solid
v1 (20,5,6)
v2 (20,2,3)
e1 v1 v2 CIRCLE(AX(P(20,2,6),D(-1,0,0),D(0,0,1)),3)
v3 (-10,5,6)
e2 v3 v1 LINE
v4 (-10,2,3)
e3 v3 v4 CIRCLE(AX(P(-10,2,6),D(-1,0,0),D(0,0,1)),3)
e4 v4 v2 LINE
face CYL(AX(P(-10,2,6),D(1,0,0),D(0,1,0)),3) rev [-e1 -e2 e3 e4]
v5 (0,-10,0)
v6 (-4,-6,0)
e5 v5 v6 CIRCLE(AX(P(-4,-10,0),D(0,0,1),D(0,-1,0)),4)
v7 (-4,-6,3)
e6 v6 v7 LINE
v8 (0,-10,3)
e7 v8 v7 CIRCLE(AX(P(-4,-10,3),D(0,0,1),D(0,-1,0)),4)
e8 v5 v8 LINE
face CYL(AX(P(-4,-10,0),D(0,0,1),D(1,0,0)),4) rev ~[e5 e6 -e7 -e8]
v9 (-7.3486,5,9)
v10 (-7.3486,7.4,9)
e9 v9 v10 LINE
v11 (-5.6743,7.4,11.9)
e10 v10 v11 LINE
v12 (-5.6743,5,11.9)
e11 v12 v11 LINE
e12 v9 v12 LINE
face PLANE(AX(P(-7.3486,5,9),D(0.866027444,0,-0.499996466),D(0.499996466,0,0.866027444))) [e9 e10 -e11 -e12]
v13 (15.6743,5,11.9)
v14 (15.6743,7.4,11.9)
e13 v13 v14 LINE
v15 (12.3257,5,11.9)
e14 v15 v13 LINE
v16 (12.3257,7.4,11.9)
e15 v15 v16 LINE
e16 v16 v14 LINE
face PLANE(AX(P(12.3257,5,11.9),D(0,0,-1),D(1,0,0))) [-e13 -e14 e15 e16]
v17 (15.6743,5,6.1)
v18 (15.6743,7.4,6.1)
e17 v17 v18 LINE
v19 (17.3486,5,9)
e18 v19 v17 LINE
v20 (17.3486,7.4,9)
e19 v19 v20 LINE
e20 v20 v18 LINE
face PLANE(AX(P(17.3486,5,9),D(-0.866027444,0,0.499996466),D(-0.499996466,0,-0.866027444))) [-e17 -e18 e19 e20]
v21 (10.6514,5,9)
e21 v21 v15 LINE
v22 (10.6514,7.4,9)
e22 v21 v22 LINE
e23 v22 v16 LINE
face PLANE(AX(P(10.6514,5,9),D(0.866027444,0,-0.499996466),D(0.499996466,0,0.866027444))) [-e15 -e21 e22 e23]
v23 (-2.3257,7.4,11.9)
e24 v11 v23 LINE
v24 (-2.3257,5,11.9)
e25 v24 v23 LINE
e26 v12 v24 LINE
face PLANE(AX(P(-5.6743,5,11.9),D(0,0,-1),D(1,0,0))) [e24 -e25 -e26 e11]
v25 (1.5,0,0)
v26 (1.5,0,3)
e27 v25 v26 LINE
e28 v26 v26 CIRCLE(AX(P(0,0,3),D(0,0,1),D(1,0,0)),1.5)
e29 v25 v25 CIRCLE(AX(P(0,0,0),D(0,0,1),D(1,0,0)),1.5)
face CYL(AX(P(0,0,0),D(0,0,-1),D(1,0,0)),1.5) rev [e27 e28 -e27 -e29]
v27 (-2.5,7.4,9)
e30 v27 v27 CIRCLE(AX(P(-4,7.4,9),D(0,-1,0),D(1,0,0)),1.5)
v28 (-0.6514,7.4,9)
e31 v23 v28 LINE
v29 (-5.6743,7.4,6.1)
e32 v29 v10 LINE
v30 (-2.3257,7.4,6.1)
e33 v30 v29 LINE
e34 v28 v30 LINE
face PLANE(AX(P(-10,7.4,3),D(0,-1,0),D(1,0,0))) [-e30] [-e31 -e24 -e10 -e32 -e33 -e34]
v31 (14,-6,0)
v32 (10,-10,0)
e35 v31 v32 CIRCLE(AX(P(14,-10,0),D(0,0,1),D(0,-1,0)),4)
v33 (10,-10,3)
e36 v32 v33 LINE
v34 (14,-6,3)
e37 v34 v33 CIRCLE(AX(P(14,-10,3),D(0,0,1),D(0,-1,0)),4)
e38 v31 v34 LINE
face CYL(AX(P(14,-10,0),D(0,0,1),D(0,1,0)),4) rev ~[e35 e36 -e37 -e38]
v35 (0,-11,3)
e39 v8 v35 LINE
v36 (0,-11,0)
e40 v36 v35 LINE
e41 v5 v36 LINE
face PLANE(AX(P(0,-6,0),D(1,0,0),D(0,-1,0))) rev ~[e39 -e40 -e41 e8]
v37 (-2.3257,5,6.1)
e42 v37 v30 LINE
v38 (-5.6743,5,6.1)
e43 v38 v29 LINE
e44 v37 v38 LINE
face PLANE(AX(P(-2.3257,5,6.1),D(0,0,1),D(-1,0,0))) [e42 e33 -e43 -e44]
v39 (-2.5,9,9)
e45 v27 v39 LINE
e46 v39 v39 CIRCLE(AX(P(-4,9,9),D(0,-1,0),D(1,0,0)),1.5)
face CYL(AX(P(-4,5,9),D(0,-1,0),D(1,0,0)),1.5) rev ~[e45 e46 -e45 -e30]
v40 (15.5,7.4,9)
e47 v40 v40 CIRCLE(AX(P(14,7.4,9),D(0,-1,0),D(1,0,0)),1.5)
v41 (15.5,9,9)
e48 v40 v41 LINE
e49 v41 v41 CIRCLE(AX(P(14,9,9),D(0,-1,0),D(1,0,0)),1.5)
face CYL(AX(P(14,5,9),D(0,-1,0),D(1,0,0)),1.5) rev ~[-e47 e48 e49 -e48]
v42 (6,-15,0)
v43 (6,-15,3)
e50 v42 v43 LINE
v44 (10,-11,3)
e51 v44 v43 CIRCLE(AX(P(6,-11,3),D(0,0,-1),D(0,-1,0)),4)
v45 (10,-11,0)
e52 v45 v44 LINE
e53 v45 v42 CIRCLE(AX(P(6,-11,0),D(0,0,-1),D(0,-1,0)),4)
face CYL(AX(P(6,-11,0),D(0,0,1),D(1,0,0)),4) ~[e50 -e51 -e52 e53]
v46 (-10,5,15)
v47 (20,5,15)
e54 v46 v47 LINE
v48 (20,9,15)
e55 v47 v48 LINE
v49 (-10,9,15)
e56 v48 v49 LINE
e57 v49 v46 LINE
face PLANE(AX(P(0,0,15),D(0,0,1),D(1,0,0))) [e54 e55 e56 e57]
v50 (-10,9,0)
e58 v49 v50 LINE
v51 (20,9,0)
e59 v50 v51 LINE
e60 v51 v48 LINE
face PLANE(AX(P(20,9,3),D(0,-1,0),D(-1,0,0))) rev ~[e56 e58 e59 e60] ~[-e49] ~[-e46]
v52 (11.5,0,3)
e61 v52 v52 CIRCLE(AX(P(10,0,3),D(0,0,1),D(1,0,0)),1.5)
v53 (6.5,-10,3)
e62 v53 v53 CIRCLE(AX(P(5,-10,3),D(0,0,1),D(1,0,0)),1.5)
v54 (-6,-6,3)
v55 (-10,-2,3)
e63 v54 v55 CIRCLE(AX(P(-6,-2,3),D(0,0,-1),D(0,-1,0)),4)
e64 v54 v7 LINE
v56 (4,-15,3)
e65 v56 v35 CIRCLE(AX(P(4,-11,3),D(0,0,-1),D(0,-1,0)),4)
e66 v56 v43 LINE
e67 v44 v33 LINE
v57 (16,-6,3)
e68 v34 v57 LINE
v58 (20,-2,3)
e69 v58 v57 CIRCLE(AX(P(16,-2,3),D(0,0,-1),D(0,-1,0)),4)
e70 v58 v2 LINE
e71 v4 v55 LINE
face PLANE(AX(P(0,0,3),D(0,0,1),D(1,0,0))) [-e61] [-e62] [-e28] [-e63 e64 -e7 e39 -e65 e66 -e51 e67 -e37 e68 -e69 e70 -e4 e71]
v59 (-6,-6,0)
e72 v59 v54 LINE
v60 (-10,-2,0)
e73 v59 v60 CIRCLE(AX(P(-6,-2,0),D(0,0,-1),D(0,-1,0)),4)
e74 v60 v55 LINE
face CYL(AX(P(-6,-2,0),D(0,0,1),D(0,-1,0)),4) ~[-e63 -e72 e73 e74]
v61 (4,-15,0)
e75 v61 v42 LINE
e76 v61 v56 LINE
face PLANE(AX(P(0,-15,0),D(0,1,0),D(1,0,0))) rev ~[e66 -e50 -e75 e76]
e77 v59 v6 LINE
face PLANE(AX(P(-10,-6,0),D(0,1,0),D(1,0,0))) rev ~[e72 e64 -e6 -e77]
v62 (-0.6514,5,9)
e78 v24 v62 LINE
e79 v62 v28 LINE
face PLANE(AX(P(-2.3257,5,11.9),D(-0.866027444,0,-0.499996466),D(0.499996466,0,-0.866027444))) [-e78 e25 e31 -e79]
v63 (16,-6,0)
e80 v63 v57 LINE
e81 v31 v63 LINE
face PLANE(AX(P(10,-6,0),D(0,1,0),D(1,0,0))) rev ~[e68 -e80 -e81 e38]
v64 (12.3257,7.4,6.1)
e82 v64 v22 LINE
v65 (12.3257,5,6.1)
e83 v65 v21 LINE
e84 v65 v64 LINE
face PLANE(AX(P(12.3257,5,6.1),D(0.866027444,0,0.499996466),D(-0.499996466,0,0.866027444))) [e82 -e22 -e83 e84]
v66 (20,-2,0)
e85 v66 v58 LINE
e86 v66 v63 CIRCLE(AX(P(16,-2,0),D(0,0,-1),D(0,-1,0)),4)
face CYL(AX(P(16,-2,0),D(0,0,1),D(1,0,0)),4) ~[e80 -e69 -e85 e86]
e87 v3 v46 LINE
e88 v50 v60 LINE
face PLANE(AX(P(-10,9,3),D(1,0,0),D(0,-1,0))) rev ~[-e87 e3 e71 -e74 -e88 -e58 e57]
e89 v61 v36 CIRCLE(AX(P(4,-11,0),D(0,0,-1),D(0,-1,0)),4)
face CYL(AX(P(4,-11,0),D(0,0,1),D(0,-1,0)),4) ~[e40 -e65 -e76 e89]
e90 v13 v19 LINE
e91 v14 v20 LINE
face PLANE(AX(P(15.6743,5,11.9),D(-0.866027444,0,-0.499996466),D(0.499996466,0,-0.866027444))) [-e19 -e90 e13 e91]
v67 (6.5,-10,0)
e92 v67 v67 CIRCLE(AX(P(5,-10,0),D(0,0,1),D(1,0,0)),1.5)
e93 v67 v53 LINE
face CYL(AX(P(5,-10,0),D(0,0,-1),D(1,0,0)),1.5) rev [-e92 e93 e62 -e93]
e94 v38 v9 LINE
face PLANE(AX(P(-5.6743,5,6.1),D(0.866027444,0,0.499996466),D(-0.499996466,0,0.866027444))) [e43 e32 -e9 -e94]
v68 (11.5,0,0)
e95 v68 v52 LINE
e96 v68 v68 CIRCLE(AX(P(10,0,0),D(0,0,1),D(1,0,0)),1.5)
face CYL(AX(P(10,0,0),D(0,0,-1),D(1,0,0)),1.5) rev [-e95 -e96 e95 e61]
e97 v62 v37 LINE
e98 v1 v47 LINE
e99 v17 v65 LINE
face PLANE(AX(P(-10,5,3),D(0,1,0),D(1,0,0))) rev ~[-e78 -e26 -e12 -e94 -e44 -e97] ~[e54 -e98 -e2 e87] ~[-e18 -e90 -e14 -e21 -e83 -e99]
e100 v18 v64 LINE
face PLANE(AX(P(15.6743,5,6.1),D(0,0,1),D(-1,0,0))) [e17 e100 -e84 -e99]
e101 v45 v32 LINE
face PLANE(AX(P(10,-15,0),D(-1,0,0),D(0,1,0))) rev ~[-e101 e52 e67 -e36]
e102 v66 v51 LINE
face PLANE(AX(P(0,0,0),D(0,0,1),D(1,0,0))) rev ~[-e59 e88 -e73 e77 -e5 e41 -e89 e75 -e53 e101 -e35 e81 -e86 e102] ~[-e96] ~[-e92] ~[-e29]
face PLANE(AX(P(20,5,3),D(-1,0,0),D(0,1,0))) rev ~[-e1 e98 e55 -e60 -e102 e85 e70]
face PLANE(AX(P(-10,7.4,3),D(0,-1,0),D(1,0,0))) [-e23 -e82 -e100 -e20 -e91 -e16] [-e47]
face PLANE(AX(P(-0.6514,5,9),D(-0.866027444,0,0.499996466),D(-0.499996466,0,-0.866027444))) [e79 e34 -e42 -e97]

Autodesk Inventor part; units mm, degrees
ref_plane "YZ Plane" through (0, 0, 0) normal (1, 0, 0) x (0, 1, 0)
ref_plane "XZ Plane" through (0, 0, 0) normal (0, 1, 0) x (-1, 0, 0)
ref_plane "XY Plane" through (0, 0, 0) normal (0, 0, 1) x (1, 0, 0)
sketch "Sketch1" plane through (0, 0, 0) normal (0, 0, 1) x (1, 0, 0)
  circle A0 centre (0, 0) radius 1.5
  circle A1 centre (10, 0) radius 1.5
  circle A2 centre (5, -10) radius 1.5
  line L0 (-10, 9) -> (20, 9)
  circle A3 centre (-4, -8) radius 1.5 construction
  circle A4 centre (-4, -18) radius 1.5 construction
  circle A5 centre (14, -8) radius 1.5 construction
  circle A6 centre (14, -18) radius 1.5 construction
  line L1 (-10, 9) -> (-10, -6)
  line L2 (-10, -6) -> (0, -6)
  line L3 (0, -6) -> (0, -15)
  line L4 (0, -15) -> (10, -15)
  line L5 (10, -15) -> (10, -6)
  line L6 (10, -6) -> (20, -6)
  line L7 (20, -6) -> (20, 9)
  dimension "d0" = 3
  dimension "d1" = 5
  dimension "d2" = 10
  dimension "d3" = 10
  dimension "d4" = 30
  dimension "d5" = 9
  dimension "d6" = 10
  dimension "d7" = 10
  dimension "d8" = 18
  dimension "d9" = 6
  dimension "d10" = 3
  dimension "d11" = 17
  dimension "d16" = 15
  dimension "d17" = 10
  dimension "d18" = 5
  dimension "d19" = 5
extrude "Extrusion1" add sketch "Sketch1" along normal blind 3
fillet "Fillet2" radius 4 6 edges at (0, -6, 1.5) (10, -6, 1.5) (10, -15, 1.5) (0, -15, 1.5) (-10, -6, 1.5) (20, -6, 1.5)
sketch "Sketch2" plane through (0, 0, 3) normal (0, 0, 1) x (1, 0, 0)
  line L0 (20, -2) -> (20, 9) projected
  line L1 (20, 9) -> (-10, 9) projected
  line L2 (-10, 9) -> (-10, -2) projected
  line L3 (-10, 5) -> (20, 5)
  dimension "d21" = 4
extrude "Extrusion2" add sketch "Sketch2" along normal blind 12
sketch "Sketch3" plane through (-10, 5, 3) normal (0, -1, 0) x (1, 0, 0)
  line L0 (0, 0) -> (0, 12) projected
  circle A0 centre (6, 6) radius 1.5
  circle A1 centre (24, 6) radius 1.5
  line L1 (0, -3) -> (30, -3) projected
  point P0 (10, -3)
  dimension "d24" = 18
  dimension "d25" = 6
  dimension "d26" = 9
  dimension "d27" = 3
extrude "Extrusion3" cut sketch "Sketch3" against normal up to next
sketch "Sketch4" plane through (-10, 5, 3) normal (0, -1, 0) x (1, 0, 0)
  circle A0 centre (6, 6) radius 1.5 projected
  circle A1 centre (24, 6) radius 1.5 projected
  line L0 (9.3486, 6) -> (7.6743, 3.1)
  line L1 (7.6743, 3.1) -> (4.3257, 3.1)
  line L2 (4.3257, 3.1) -> (2.6514, 6)
  line L3 (2.6514, 6) -> (4.3257, 8.9)
  line L4 (4.3257, 8.9) -> (7.6743, 8.9)
  line L5 (7.6743, 8.9) -> (9.3486, 6)
  circle A2 centre (24, 6) radius 1.5 projected
  line L6 (27.3486, 6) -> (25.6743, 3.1)
  line L7 (25.6743, 3.1) -> (22.3257, 3.1)
  line L8 (22.3257, 3.1) -> (20.6514, 6)
  line L9 (20.6514, 6) -> (22.3257, 8.9)
  line L10 (22.3257, 8.9) -> (25.6743, 8.9)
  line L11 (25.6743, 8.9) -> (27.3486, 6)
  point P0 (10, -3)
  dimension "d30" = 5.8
extrude "Extrusion4" cut sketch "Sketch4" against normal blind 2.4
fillet "Fillet3" radius 3 1 edges at (5, 5, 3)
properties part number "ChimeraMountingBlock"
